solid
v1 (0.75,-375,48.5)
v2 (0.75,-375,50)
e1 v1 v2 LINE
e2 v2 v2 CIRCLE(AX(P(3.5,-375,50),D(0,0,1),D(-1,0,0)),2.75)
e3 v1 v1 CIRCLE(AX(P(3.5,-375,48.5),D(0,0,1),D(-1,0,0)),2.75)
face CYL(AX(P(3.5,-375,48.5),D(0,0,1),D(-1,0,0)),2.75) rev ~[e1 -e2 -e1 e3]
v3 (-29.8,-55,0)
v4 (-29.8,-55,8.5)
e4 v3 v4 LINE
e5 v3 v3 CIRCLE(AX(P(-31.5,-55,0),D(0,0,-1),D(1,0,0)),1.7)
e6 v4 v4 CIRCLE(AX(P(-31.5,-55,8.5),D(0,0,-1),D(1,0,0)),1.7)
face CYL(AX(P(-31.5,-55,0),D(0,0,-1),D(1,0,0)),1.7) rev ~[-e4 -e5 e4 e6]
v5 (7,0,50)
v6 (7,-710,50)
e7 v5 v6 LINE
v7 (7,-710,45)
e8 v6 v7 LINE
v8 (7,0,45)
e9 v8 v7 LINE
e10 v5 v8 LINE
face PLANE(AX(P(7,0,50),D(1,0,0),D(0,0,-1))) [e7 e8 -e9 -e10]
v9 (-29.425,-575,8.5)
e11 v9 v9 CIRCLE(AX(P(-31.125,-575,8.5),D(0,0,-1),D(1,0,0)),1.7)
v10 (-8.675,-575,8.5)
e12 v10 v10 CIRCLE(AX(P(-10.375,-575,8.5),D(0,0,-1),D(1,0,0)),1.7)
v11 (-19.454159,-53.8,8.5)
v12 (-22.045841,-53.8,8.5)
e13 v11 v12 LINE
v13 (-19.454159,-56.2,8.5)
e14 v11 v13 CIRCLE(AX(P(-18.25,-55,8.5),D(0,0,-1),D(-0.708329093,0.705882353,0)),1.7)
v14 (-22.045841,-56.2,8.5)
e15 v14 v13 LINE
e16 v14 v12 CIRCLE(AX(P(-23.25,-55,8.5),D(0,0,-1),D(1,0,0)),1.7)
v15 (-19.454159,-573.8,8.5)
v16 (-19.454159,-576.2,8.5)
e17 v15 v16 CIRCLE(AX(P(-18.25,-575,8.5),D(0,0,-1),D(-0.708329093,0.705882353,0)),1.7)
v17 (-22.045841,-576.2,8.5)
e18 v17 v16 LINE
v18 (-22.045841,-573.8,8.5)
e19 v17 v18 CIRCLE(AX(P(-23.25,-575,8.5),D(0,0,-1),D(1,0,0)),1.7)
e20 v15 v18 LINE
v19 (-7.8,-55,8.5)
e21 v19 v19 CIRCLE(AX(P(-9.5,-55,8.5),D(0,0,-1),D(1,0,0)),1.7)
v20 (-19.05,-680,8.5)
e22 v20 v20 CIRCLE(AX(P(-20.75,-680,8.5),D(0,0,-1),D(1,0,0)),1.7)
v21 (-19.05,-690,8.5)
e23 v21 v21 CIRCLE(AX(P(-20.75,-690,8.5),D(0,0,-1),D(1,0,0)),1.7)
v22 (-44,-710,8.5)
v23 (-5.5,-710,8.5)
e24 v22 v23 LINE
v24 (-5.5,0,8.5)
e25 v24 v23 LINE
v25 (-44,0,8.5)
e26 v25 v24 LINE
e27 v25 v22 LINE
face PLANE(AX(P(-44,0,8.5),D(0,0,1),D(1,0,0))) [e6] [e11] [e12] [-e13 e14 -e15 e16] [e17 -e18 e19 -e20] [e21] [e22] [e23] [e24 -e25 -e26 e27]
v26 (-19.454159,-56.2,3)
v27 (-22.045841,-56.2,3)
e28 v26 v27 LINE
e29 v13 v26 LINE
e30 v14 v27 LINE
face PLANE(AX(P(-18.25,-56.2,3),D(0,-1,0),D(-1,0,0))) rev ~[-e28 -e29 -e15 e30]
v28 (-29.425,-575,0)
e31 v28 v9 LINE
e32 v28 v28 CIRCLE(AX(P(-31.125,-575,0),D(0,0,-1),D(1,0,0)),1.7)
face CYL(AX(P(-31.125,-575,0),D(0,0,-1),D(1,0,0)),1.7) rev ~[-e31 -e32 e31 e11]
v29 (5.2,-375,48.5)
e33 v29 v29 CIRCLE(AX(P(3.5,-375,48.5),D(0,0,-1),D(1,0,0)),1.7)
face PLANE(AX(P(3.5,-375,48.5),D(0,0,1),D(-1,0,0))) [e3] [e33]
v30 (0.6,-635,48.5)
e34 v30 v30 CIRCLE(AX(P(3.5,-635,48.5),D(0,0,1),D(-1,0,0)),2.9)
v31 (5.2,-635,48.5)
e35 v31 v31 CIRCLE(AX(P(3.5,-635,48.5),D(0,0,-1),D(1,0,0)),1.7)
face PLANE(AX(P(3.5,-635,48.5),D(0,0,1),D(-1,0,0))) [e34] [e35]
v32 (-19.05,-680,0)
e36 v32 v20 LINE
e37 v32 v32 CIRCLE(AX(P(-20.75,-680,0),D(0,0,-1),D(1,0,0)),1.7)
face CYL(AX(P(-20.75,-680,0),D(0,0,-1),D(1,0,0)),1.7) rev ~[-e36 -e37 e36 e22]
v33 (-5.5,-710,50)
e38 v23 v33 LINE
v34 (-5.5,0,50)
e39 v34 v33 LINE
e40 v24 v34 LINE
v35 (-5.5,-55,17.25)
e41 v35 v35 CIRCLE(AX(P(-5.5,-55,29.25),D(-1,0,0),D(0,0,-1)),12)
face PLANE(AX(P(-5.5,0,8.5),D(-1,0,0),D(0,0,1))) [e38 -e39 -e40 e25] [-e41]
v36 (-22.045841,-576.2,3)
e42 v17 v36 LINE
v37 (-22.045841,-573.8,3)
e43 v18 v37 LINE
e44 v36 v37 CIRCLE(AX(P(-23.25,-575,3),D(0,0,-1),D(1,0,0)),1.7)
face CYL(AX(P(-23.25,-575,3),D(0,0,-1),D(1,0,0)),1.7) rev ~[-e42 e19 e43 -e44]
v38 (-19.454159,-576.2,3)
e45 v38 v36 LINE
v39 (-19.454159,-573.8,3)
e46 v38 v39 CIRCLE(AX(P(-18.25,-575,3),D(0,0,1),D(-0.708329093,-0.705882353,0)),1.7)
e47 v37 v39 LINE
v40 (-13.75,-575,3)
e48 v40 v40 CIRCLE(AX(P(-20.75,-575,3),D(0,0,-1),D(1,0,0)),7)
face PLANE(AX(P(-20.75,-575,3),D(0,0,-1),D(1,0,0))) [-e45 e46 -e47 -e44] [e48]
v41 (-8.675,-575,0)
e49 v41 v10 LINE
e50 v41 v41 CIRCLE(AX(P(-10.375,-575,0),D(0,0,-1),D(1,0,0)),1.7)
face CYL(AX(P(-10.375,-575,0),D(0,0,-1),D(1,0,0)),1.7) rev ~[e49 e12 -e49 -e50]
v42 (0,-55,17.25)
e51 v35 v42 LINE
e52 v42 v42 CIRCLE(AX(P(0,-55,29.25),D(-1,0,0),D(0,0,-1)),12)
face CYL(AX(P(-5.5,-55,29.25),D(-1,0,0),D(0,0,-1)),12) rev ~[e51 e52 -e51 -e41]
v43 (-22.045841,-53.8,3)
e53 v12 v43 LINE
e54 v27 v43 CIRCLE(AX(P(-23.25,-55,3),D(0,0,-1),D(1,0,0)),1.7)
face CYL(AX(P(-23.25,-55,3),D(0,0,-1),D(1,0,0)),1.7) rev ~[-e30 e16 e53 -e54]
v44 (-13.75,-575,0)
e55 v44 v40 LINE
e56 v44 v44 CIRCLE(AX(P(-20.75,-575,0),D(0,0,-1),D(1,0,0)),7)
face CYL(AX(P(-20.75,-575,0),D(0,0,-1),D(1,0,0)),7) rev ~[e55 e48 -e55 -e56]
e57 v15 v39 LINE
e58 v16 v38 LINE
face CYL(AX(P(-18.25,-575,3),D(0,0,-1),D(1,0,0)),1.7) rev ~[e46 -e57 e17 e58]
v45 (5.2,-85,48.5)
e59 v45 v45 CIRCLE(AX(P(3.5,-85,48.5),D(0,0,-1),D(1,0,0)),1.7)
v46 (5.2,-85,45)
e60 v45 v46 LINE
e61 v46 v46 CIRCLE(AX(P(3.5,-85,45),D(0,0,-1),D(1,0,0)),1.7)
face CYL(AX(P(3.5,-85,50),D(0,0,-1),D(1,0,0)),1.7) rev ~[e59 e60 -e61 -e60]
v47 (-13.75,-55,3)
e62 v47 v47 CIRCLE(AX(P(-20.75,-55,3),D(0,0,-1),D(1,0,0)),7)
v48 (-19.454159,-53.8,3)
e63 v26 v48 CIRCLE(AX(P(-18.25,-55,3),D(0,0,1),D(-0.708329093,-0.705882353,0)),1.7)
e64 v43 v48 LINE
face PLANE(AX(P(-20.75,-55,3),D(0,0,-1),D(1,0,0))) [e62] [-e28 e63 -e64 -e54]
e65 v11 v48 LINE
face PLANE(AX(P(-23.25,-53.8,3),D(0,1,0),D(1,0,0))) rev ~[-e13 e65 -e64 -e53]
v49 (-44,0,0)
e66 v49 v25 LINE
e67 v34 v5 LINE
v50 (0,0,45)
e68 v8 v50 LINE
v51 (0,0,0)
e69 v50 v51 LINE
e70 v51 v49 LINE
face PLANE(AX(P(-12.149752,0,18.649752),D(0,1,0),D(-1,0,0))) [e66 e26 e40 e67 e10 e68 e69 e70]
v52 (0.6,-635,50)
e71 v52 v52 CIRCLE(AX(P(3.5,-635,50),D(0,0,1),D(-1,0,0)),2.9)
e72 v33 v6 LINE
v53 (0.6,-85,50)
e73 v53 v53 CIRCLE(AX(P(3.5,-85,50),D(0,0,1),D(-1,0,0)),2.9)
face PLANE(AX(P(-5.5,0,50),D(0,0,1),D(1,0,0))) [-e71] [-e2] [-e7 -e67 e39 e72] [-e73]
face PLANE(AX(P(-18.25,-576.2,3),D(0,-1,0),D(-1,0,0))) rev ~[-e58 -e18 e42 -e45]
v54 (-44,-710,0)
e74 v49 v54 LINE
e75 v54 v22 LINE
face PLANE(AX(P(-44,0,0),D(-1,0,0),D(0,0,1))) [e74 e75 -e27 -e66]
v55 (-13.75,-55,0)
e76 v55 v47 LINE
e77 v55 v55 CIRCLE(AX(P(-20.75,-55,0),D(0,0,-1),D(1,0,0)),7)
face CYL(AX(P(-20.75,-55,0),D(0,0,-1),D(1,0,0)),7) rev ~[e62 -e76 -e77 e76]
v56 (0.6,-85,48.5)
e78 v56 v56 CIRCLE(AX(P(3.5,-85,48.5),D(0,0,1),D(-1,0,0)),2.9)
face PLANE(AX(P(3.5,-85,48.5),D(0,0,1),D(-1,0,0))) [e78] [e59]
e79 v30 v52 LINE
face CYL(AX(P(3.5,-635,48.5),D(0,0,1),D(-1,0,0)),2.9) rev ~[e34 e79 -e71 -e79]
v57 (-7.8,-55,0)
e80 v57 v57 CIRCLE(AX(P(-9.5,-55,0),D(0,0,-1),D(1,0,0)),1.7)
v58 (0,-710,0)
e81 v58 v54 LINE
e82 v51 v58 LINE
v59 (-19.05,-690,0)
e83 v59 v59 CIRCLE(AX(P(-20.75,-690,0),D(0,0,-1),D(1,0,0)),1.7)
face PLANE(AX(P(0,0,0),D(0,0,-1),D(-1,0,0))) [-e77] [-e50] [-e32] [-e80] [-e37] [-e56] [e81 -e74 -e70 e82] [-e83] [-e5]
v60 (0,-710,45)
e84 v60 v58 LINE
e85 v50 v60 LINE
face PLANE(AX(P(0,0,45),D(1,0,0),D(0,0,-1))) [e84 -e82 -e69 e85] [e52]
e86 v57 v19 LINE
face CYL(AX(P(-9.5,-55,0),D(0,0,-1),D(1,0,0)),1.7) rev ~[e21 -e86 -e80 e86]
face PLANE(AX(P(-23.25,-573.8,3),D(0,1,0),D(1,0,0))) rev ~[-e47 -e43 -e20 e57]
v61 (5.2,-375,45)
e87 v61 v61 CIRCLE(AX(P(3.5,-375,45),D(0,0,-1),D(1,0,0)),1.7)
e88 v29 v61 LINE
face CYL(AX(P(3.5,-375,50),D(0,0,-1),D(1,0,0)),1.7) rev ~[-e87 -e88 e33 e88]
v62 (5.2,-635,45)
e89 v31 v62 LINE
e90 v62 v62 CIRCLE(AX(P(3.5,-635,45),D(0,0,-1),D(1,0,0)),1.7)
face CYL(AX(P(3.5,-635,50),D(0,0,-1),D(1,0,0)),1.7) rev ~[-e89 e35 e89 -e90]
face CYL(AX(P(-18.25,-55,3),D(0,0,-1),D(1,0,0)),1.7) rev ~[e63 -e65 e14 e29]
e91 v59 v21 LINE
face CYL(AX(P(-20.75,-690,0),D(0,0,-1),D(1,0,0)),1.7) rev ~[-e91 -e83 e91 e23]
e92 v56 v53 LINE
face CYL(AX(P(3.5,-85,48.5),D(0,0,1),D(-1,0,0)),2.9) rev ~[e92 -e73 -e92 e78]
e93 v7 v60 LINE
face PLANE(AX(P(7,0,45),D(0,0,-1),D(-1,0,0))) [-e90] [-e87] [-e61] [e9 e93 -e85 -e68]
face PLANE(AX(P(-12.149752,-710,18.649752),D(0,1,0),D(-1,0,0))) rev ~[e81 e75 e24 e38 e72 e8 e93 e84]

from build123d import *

# Parameters (mm, degrees)
PAD_DEPTH           = 710
HOLE_D              = 3.4
HOLE_DEPTH          = 25
HOLE_CBORE_D        = 5.8
HOLE_CBORE_DEPTH    = 1.5
HOLE_TIPS_R         = 1.7
HOLE001_D           = 3.4
HOLE001_DEPTH       = 25
HOLE001_CBORE_D     = 5.5
HOLE001_CBORE_DEPTH = 1.5
HOLE001_TIPS_R      = 1.7
SKETCH004_R         = 7
POCKET_DEPTH        = 3
SKETCH005_R         = 1.7
HOLE002_DEPTH       = 25
HOLE002_TIPS_R      = 1.7
POCKET001_DEPTH     = 47.001
SKETCH007_R         = 1.7
HOLE003_DEPTH       = 25
HOLE003_TIPS_R      = 1.7
SKETCH009_R         = 12
POCKET002_DEPTH     = 12.501
SKETCH011_R         = 1.7
HOLE004_DEPTH       = 50.001
SKETCH010_R         = 1.7
HOLE005_DEPTH       = 50.001
SKETCH012_R         = 7
POCKET003_DEPTH     = 3
POCKET004_DEPTH     = 47.001
SKETCH014_R         = 1.7
HOLE006_DEPTH       = 25
HOLE006_TIPS_R      = 1.7


with BuildPart() as part:
    # Sketch → Pad (new body)
    with BuildSketch(Plane.XZ):
        Polygon((0, 0), (-44, 0), (-44, 8.5), (-5.5, 8.5), (-5.5, 50), (7, 50), (7, 45), (0, 45), align=None)
    extrude(amount=PAD_DEPTH)

    # Hole
    with Locations(Plane(origin=(0, 0, 50), x_dir=(-1, 0, 0), z_dir=(0, 0, 1))):
        with Locations((-3.5, 85), (-3.5, 635)):
            CounterBoreHole(HOLE_D / 2, HOLE_CBORE_D / 2, HOLE_CBORE_DEPTH, depth=HOLE_DEPTH)

    # Hole tips → Hole tip 1 section 0
    with BuildSketch(Plane(origin=(0, 0, 25), x_dir=(-1, 0, 0), z_dir=(0, 0, 1)), mode=Mode.PRIVATE) as hole_tip_1_s0:
        with Locations((-3.5, 85)):
            Circle(HOLE_TIPS_R)
    loft([hole_tip_1_s0.sketch, Vertex(3.5, -85, 23.978537)], mode=Mode.SUBTRACT)

    # Hole tips → Hole tip 2 section 0
    with BuildSketch(Plane(origin=(0, 0, 25), x_dir=(-1, 0, 0), z_dir=(0, 0, 1)), mode=Mode.PRIVATE) as hole_tip_2_s0:
        with Locations((-3.5, 635)):
            Circle(HOLE_TIPS_R)
    loft([hole_tip_2_s0.sketch, Vertex(3.5, -635, 23.978537)], mode=Mode.SUBTRACT)

    # Hole001
    with Locations(Plane(origin=(0, 0, 50), x_dir=(-1, 0, 0), z_dir=(0, 0, 1))):
        with Locations((-3.5, 375)):
            CounterBoreHole(HOLE001_D / 2, HOLE001_CBORE_D / 2, HOLE001_CBORE_DEPTH, depth=HOLE001_DEPTH)

    # Hole001 tips → Hole001 tip 1 section 0
    with BuildSketch(Plane(origin=(0, 0, 25), x_dir=(-1, 0, 0), z_dir=(0, 0, 1)), mode=Mode.PRIVATE) as hole001_tip_1_s0:
        with Locations((-3.5, 375)):
            Circle(HOLE001_TIPS_R)
    loft([hole001_tip_1_s0.sketch, Vertex(3.5, -375, 23.978537)], mode=Mode.SUBTRACT)

    # Sketch004 → Pocket (cut)
    with BuildSketch(Plane(origin=(0, 0, 0), x_dir=(1, 0, 0), z_dir=(0, 0, -1))):
        with Locations((-20.75, 55)):
            Circle(SKETCH004_R)
    extrude(amount=-POCKET_DEPTH, mode=Mode.SUBTRACT)

    # Sketch005 (on Face1 of Pocket) → Hole002 (cut)
    with BuildSketch(Plane(origin=(0, 0, 0), x_dir=(1, 0, 0), z_dir=(0, 0, -1))):
        with Locations((-31.5, 55)):
            Circle(SKETCH005_R)
        with Locations((-9.5, 55)):
            Circle(SKETCH005_R)
    extrude(amount=-HOLE002_DEPTH, mode=Mode.SUBTRACT)

    # Hole002 tips → Hole002 tip 1 section 0
    with BuildSketch(Plane(origin=(0, 0, 25), x_dir=(1, 0, 0), z_dir=(0, 0, -1)), mode=Mode.PRIVATE) as hole002_tip_1_s0:
        with Locations((-31.5, 55)):
            Circle(HOLE002_TIPS_R)
    loft([hole002_tip_1_s0.sketch, Vertex(-31.5, -55, 26.021463)], mode=Mode.SUBTRACT)

    # Hole002 tips → Hole002 tip 2 section 0
    with BuildSketch(Plane(origin=(0, 0, 25), x_dir=(1, 0, 0), z_dir=(0, 0, -1)), mode=Mode.PRIVATE) as hole002_tip_2_s0:
        with Locations((-9.5, 55)):
            Circle(HOLE002_TIPS_R)
    loft([hole002_tip_2_s0.sketch, Vertex(-9.5, -55, 26.021463)], mode=Mode.SUBTRACT)

    # Sketch006 → Pocket001 (cut, through all)
    with BuildSketch(Plane(origin=(0, 0, 3), x_dir=(1, 0, 0), z_dir=(0, 0, -1))):
        with BuildLine():
            ThreePointArc((-23.25, 56.2), (-24.45, 55), (-23.25, 53.8))
            Line((-23.25, 53.8), (-18.25, 53.8))
            ThreePointArc((-18.25, 53.8), (-17.05, 55), (-18.25, 56.2))
            Line((-18.25, 56.2), (-23.25, 56.2))
        make_face()
    extrude(amount=-POCKET001_DEPTH, mode=Mode.SUBTRACT)

    # Sketch007 → Hole003 (cut)
    with BuildSketch(Plane(origin=(0, 0, 3), x_dir=(1, 0, 0), z_dir=(0, 0, -1))):
        with Locations((-23.25, 55)):
            Circle(SKETCH007_R)
        with Locations((-18.25, 55)):
            Circle(SKETCH007_R)
    extrude(amount=-HOLE003_DEPTH, mode=Mode.SUBTRACT)

    # Hole003 tips → Hole003 tip 1 section 0
    with BuildSketch(Plane(origin=(0, 0, 28), x_dir=(1, 0, 0), z_dir=(0, 0, -1)), mode=Mode.PRIVATE) as hole003_tip_1_s0:
        with Locations((-23.25, 55)):
            Circle(HOLE003_TIPS_R)
    loft([hole003_tip_1_s0.sketch, Vertex(-23.25, -55, 29.021463)], mode=Mode.SUBTRACT)

    # Hole003 tips → Hole003 tip 2 section 0
    with BuildSketch(Plane(origin=(0, 0, 28), x_dir=(1, 0, 0), z_dir=(0, 0, -1)), mode=Mode.PRIVATE) as hole003_tip_2_s0:
        with Locations((-18.25, 55)):
            Circle(HOLE003_TIPS_R)
    loft([hole003_tip_2_s0.sketch, Vertex(-18.25, -55, 29.021463)], mode=Mode.SUBTRACT)

    # Sketch009 → Pocket002 (cut, through all)
    with BuildSketch(Plane(origin=(-5.5, 0, 0), x_dir=(0, 0, -1), z_dir=(-1, 0, 0))):
        with Locations((-29.25, 55)):
            Circle(SKETCH009_R)
    extrude(amount=-POCKET002_DEPTH, mode=Mode.SUBTRACT)

    # Sketch011 → Hole004 (cut, through all)
    with BuildSketch(Plane(origin=(0, 0, 0), x_dir=(1, 0, 0), z_dir=(0, 0, -1))):
        with Locations((-20.75, 690)):
            Circle(SKETCH011_R)
        with Locations((-20.75, 680)):
            Circle(SKETCH011_R)
    extrude(amount=-HOLE004_DEPTH, mode=Mode.SUBTRACT)

    # Sketch010 → Hole005 (cut, through all)
    with BuildSketch(Plane(origin=(0, 0, 0), x_dir=(1, 0, 0), z_dir=(0, 0, -1))):
        with Locations((-31.125, 575)):
            Circle(SKETCH010_R)
        with Locations((-10.375, 575)):
            Circle(SKETCH010_R)
    extrude(amount=-HOLE005_DEPTH, mode=Mode.SUBTRACT)

    # Sketch012 → Pocket003 (cut)
    with BuildSketch(Plane(origin=(0, 0, 0), x_dir=(1, 0, 0), z_dir=(0, 0, -1))):
        with Locations((-20.75, 575)):
            Circle(SKETCH012_R)
    extrude(amount=-POCKET003_DEPTH, mode=Mode.SUBTRACT)

    # Sketch013 → Pocket004 (cut, through all)
    with BuildSketch(Plane(origin=(0, 0, 3), x_dir=(1, 0, 0), z_dir=(0, 0, -1))):
        with BuildLine():
            ThreePointArc((-23.25, 576.2), (-24.45, 575), (-23.25, 573.8))
            Line((-23.25, 573.8), (-18.25, 573.8))
            ThreePointArc((-18.25, 573.8), (-17.05, 575), (-18.25, 576.2))
            Line((-18.25, 576.2), (-23.25, 576.2))
        make_face()
    extrude(amount=-POCKET004_DEPTH, mode=Mode.SUBTRACT)

    # Sketch014 → Hole006 (cut)
    with BuildSketch(Plane(origin=(0, 0, 3), x_dir=(1, 0, 0), z_dir=(0, 0, -1))):
        with Locations((-18.25, 575)):
            Circle(SKETCH014_R)
        with Locations((-23.25, 575)):
            Circle(SKETCH014_R)
    extrude(amount=-HOLE006_DEPTH, mode=Mode.SUBTRACT)

    # Hole006 tips → Hole006 tip 1 section 0
    with BuildSketch(Plane(origin=(0, 0, 28), x_dir=(1, 0, 0), z_dir=(0, 0, -1)), mode=Mode.PRIVATE) as hole006_tip_1_s0:
        with Locations((-18.25, 575)):
            Circle(HOLE006_TIPS_R)
    loft([hole006_tip_1_s0.sketch, Vertex(-18.25, -575, 29.021463)], mode=Mode.SUBTRACT)

    # Hole006 tips → Hole006 tip 2 section 0
    with BuildSketch(Plane(origin=(0, 0, 28), x_dir=(1, 0, 0), z_dir=(0, 0, -1)), mode=Mode.PRIVATE) as hole006_tip_2_s0:
        with Locations((-23.25, 575)):
            Circle(HOLE006_TIPS_R)
    loft([hole006_tip_2_s0.sketch, Vertex(-23.25, -575, 29.021463)], mode=Mode.SUBTRACT)


solid = part.part
